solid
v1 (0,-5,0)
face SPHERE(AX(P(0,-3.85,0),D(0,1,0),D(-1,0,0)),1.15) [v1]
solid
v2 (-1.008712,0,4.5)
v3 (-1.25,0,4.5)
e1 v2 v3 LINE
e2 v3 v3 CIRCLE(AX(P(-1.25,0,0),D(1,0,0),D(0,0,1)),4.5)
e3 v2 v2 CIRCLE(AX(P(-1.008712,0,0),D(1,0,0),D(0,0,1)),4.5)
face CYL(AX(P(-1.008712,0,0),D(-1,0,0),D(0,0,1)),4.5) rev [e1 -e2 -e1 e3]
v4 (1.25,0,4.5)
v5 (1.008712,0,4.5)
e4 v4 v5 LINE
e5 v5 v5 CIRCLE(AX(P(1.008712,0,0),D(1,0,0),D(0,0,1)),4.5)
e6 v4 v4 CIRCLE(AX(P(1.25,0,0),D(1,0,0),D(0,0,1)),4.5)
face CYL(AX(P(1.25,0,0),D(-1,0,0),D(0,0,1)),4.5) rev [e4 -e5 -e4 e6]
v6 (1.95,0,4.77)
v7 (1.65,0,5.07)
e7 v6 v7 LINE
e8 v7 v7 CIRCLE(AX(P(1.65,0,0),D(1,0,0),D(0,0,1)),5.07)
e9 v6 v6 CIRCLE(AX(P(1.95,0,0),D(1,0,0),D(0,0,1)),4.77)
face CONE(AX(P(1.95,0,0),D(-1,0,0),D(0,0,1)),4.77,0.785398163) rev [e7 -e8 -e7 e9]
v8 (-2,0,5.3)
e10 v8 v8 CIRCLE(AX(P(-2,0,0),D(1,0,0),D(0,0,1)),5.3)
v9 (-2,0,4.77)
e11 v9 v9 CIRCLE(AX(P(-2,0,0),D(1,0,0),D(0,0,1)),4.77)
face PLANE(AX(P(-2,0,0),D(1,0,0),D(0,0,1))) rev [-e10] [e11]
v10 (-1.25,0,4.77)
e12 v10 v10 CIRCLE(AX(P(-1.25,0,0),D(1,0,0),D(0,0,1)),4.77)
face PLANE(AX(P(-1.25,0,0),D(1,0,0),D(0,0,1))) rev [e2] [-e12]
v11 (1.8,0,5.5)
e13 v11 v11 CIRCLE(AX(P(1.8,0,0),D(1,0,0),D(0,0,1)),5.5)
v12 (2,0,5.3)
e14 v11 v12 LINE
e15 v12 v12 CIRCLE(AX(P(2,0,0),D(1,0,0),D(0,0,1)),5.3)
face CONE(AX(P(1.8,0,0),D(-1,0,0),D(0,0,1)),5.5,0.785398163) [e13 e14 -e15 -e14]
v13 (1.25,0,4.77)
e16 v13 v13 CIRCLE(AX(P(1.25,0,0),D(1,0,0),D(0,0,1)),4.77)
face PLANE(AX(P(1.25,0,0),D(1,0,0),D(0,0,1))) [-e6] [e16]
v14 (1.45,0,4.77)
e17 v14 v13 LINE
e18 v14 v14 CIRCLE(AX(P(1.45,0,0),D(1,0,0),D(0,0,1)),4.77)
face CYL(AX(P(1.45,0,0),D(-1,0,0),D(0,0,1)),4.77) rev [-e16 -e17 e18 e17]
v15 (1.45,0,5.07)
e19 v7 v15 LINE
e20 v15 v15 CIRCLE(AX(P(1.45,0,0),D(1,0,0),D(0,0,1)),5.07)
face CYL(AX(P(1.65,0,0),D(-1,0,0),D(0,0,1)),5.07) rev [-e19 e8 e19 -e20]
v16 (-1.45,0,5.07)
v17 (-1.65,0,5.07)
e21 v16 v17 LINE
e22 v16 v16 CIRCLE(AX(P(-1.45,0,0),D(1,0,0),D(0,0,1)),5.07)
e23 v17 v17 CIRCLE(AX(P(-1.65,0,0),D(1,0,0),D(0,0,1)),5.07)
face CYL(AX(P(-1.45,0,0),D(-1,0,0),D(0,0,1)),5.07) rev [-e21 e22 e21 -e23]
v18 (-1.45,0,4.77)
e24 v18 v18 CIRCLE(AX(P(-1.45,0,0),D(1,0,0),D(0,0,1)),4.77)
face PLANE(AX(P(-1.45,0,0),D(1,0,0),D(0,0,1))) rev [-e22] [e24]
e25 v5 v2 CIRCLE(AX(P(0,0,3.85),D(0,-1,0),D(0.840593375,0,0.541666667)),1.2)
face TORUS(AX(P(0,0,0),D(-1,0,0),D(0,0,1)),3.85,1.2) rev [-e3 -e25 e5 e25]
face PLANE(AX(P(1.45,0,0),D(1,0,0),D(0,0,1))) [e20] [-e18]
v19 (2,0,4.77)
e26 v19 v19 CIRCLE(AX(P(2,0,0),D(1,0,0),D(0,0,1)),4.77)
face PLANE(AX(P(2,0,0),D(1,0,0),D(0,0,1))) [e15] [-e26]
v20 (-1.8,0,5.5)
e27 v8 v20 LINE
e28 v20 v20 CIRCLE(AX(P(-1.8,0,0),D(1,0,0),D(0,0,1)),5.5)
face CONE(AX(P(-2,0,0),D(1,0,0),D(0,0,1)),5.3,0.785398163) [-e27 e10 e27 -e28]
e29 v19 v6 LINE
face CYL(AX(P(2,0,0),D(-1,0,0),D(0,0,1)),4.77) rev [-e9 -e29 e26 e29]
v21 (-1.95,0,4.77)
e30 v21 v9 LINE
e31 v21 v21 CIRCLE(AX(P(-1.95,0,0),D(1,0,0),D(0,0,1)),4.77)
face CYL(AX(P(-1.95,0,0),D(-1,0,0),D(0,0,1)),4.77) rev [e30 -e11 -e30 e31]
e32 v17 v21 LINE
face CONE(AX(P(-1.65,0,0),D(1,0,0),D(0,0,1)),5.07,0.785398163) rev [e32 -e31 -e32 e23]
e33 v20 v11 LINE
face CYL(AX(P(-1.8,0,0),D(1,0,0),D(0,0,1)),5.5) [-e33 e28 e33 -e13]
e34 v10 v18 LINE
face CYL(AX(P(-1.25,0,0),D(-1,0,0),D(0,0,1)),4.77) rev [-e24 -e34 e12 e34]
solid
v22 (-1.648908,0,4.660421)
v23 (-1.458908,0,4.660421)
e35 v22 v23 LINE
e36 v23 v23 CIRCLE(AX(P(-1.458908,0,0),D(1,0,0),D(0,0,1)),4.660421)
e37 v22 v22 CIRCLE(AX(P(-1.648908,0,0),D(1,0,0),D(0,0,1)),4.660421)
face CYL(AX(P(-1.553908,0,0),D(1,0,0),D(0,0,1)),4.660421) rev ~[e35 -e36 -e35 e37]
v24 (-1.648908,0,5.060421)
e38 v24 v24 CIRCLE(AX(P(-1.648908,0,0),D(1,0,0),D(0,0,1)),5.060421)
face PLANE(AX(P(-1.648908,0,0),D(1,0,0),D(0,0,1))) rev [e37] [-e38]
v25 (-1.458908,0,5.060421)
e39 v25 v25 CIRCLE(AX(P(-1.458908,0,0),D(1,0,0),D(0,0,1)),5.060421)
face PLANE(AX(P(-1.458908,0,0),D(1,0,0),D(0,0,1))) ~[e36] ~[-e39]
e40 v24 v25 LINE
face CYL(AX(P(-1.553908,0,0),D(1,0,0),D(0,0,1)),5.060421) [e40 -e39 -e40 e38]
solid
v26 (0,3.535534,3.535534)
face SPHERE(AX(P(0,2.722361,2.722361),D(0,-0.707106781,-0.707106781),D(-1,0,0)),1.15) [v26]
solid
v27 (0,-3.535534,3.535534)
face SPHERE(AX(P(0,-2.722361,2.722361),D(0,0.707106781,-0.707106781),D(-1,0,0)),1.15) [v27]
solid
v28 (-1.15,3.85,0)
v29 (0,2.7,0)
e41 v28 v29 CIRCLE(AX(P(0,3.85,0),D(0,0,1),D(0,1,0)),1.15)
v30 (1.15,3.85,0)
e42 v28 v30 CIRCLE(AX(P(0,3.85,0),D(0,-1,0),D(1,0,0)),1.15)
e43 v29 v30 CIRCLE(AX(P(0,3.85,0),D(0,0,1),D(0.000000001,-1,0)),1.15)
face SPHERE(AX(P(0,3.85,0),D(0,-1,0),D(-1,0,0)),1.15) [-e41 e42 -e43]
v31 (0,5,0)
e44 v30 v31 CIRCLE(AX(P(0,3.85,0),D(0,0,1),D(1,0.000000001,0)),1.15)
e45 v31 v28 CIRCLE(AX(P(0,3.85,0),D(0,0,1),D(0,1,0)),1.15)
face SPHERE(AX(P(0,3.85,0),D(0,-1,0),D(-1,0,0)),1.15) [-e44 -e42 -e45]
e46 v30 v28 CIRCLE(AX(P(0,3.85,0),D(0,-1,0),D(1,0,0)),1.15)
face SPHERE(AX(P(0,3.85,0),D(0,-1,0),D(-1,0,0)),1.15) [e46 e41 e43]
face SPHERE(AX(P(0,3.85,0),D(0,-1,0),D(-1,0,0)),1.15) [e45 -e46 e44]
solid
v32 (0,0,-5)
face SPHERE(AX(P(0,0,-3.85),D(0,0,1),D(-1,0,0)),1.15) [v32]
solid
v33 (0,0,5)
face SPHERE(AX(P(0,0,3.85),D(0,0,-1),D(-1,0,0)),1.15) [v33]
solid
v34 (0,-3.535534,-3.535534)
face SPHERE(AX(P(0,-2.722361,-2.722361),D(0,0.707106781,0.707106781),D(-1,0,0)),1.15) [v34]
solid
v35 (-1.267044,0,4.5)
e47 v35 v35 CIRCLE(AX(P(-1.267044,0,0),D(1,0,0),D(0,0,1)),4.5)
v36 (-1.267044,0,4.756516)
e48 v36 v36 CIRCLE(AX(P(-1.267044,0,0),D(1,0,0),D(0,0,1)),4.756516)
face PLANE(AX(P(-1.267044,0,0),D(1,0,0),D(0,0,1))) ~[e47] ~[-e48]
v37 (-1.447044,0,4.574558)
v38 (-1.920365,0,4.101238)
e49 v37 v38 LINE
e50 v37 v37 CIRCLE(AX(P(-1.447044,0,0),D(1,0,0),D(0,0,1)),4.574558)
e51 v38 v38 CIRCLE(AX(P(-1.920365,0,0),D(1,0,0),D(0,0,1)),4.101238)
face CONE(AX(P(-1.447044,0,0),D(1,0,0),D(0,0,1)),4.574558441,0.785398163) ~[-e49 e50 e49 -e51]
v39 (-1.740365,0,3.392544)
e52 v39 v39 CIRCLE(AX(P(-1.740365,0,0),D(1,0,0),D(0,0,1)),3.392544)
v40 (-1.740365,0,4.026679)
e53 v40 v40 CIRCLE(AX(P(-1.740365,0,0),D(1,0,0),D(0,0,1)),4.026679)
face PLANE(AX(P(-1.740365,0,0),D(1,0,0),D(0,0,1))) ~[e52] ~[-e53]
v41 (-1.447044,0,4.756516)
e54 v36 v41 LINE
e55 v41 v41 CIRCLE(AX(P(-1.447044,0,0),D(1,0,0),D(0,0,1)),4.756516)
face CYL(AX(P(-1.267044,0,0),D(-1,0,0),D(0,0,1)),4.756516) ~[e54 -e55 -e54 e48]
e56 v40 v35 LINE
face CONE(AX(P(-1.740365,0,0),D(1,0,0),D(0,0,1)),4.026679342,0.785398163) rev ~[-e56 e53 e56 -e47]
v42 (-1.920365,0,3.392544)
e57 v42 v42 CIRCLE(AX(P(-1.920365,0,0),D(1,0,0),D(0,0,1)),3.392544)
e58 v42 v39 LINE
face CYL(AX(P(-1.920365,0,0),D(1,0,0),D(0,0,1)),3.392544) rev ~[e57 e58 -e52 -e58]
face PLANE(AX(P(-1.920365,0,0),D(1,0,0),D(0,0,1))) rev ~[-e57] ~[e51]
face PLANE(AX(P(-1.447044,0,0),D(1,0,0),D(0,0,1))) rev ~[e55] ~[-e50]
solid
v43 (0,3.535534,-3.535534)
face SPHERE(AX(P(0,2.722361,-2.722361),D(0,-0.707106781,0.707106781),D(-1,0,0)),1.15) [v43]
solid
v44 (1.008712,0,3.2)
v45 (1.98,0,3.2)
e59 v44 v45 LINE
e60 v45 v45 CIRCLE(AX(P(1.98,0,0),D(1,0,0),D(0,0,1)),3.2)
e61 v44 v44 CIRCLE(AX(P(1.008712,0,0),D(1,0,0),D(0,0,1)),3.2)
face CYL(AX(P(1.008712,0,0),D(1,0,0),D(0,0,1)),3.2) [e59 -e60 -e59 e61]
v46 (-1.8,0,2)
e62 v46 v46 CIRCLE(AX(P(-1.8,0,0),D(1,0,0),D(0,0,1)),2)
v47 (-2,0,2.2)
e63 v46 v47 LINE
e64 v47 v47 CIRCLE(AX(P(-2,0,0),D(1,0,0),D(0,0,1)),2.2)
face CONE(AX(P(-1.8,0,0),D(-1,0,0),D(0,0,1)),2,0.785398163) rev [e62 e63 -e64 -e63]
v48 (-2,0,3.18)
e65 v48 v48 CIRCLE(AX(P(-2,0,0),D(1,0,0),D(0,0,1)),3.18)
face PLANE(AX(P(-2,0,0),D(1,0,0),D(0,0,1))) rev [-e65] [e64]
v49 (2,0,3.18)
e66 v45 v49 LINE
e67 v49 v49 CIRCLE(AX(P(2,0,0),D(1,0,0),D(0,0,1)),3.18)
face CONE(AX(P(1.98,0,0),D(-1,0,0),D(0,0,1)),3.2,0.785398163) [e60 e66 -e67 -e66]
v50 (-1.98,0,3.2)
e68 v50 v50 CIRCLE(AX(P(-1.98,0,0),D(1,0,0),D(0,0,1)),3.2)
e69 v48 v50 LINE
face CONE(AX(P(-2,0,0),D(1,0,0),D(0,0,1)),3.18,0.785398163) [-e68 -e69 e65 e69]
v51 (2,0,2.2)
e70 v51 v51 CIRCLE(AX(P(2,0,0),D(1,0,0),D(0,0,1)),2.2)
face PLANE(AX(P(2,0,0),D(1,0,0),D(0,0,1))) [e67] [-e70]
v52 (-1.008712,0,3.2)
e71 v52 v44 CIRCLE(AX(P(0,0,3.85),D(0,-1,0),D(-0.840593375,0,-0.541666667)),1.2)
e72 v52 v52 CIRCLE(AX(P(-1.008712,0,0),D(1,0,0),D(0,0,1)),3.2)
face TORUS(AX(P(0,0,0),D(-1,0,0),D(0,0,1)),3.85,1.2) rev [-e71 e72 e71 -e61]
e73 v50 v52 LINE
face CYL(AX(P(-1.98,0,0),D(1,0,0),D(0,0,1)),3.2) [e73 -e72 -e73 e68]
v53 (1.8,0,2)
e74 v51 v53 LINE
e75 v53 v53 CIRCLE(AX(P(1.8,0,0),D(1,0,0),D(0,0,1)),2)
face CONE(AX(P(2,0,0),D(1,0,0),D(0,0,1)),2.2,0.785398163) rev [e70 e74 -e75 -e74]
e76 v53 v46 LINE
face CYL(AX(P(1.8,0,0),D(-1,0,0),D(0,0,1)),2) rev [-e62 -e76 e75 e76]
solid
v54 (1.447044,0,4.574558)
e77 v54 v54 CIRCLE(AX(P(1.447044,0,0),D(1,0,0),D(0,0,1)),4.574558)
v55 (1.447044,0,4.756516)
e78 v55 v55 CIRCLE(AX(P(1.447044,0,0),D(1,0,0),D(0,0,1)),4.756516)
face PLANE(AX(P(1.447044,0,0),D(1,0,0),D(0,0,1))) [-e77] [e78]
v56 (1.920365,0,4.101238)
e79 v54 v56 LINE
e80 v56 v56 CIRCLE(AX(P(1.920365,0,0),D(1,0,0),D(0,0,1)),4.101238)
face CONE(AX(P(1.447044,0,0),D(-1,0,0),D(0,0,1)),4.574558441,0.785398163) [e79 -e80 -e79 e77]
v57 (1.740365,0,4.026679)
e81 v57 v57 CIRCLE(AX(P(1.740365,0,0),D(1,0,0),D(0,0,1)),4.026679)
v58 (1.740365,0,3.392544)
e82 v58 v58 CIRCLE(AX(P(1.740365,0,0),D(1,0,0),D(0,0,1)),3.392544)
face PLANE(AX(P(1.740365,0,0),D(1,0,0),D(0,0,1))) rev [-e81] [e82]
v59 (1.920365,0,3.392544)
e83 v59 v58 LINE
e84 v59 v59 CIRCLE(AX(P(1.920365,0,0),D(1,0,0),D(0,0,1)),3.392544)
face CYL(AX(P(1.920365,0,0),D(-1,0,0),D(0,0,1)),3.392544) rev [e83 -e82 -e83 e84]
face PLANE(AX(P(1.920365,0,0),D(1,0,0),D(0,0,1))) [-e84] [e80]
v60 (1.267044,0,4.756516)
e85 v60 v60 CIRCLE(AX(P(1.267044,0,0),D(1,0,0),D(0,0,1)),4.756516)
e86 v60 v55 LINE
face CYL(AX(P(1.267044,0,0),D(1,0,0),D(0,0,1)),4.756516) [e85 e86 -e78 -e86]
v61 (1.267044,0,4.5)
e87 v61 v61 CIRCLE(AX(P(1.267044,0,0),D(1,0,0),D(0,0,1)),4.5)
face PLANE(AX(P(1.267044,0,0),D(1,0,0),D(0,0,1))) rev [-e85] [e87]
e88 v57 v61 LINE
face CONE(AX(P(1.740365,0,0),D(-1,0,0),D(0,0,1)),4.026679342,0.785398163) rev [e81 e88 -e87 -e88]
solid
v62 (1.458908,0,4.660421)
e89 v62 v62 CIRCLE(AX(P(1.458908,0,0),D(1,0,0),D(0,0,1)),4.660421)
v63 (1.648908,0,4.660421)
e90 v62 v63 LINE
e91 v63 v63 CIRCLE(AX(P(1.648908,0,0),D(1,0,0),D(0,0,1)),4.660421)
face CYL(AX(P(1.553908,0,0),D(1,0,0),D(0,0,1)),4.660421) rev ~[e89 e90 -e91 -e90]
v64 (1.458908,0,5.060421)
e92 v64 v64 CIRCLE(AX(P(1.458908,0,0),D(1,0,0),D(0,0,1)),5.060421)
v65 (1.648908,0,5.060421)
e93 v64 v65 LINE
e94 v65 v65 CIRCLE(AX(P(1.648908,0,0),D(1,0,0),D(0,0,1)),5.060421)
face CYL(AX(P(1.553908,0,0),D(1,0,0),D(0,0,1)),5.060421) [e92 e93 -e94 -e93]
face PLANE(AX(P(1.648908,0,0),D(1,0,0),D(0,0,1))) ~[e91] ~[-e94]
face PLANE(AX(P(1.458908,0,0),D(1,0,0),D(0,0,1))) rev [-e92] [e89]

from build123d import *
from build123d.topology import SkipClean

# Parameters (mm, degrees)
SKETCH1_4_W       = 0.19
SKETCH1_4_H       = 0.4
CIRPATTERN2_COUNT = 8


with BuildPart() as part:
    # Sketch1 → Revolve1 (revolve)
    with BuildSketch(Plane.XY, mode=Mode.PRIVATE) as revolve1_sk:
        with BuildLine():
            ThreePointArc((1.00871205, 4.5), (0, 5.05), (-1.00871205, 4.5))
            Line((-1.00871205, 4.5), (-1.25, 4.5))
            Line((-1.25, 4.5), (-1.25, 4.77))
            Line((-1.25, 4.77), (-1.45, 4.77))
            Line((-1.45, 4.77), (-1.45, 5.07))
            Line((-1.45, 5.07), (-1.65, 5.07))
            Line((-1.65, 5.07), (-1.95, 4.77))
            Line((-1.95, 4.77), (-2, 4.77))
            Line((-2, 4.77), (-2, 5.3))
            Line((-2, 5.3), (-1.8, 5.5))
            Line((-1.8, 5.5), (1.8, 5.5))
            Line((1.8, 5.5), (2, 5.3))
            Line((2, 5.3), (2, 4.77))
            Line((2, 4.77), (1.95, 4.77))
            Line((1.95, 4.77), (1.65, 5.07))
            Line((1.65, 5.07), (1.45, 5.07))
            Line((1.45, 5.07), (1.45, 4.77))
            Line((1.45, 4.77), (1.25, 4.77))
            Line((1.25, 4.77), (1.25, 4.5))
            Line((1.25, 4.5), (1.00871205, 4.5))
        make_face()
        with BuildLine():
            ThreePointArc((-1.00871205, 3.2), (0, 2.65), (1.00871205, 3.2))
            Line((1.00871205, 3.2), (1.98, 3.2))
            Line((1.98, 3.2), (2, 3.18))
            Line((2, 3.18), (2, 2.2))
            Line((2, 2.2), (1.8, 2))
            Line((1.8, 2), (-1.8, 2))
            Line((-1.8, 2), (-2, 2.2))
            Line((-2, 2.2), (-2, 3.18))
            Line((-2, 3.18), (-1.98, 3.2))
            Line((-1.98, 3.2), (-1.00871205, 3.2))
        make_face()
    revolve(revolve1_sk.sketch.rotate(Axis((0, 0, 0), (1, 0, 0)), 90), axis=Axis((0, 0, 0), (1, 0, 0)))


with BuildPart() as body_2:
    # Sketch1<3> → Revolve2 (revolve)
    with BuildSketch(Plane.XY, mode=Mode.PRIVATE) as revolve2_sk:
        Polygon((1.92036514, 4.101237783), (1.92036514, 3.392543849), (1.74036514, 3.392543849), (1.74036514, 4.026679342), (1.267044482, 4.5), (1.267044482, 4.756515811), (1.447044482, 4.756515811), (1.447044482, 4.574558441), align=None)
        Polygon((-1.267044482, 4.5), (-1.267044482, 4.756515811), (-1.447044482, 4.756515811), (-1.447044482, 4.574558441), (-1.92036514, 4.101237783), (-1.92036514, 3.392543849), (-1.74036514, 3.392543849), (-1.74036514, 4.026679342), align=None)
    revolve(revolve2_sk.sketch.rotate(Axis((0, 0, 0), (1, 0, 0)), 90), axis=Axis((0, 0, 0), (1, 0, 0)))


with BuildPart() as body_3:
    # Sketch1<4> → Revolve3 (revolve)
    with BuildSketch(Plane.XY, mode=Mode.PRIVATE) as revolve3_sk:
        with Locations((1.553908134, 4.860421419)):
            Rectangle(SKETCH1_4_W, SKETCH1_4_H)
        with Locations((-1.553908134, 4.860421419)):
            Rectangle(SKETCH1_4_W, SKETCH1_4_H)
    revolve(revolve3_sk.sketch.rotate(Axis((0, 0, 0), (1, 0, 0)), 90), axis=Axis((0, 0, 0), (1, 0, 0)))


with BuildPart() as body_4:
    # Sketch1<5> → Revolve4 (revolve)
    with SkipClean():  # the faces are left unmerged after this step: merging them gives an invalid solid
        with BuildSketch(Plane.XY):
            with BuildLine():
                ThreePointArc((1.15, 3.85), (0.813172798, 4.663172798), (0, 5))
                Line((0, 5), (0, 2.7))
                ThreePointArc((0, 2.7), (0.813172798, 3.036827202), (1.15, 3.85))
            make_face()
            with BuildLine():
                Line((0, 2.7), (0, 5))
                ThreePointArc((0, 5), (-1.15, 3.85), (0, 2.7))
            make_face()
        revolve(axis=Axis((0, 5, 0), (0, -1, 0)))


with BuildPart() as cirpattern2_1:
    # CirPattern2: pattern copy
    add(body_4.part.rotate(Axis((0, 0, 0), (1, 0, 0)), 1 * 360 / CIRPATTERN2_COUNT))


with BuildPart() as cirpattern2_2:
    # CirPattern2: pattern copy
    add(body_4.part.rotate(Axis((0, 0, 0), (1, 0, 0)), 2 * 360 / CIRPATTERN2_COUNT))


with BuildPart() as cirpattern2_3:
    # CirPattern2: pattern copy
    add(body_4.part.rotate(Axis((0, 0, 0), (1, 0, 0)), 3 * 360 / CIRPATTERN2_COUNT))


with BuildPart() as cirpattern2_4:
    # CirPattern2: pattern copy
    add(body_4.part.rotate(Axis((0, 0, 0), (1, 0, 0)), 4 * 360 / CIRPATTERN2_COUNT))


with BuildPart() as cirpattern2_5:
    # CirPattern2: pattern copy
    add(body_4.part.rotate(Axis((0, 0, 0), (1, 0, 0)), 5 * 360 / CIRPATTERN2_COUNT))


with BuildPart() as cirpattern2_6:
    # CirPattern2: pattern copy
    add(body_4.part.rotate(Axis((0, 0, 0), (1, 0, 0)), 6 * 360 / CIRPATTERN2_COUNT))


with BuildPart() as cirpattern2_7:
    # CirPattern2: pattern copy
    add(body_4.part.rotate(Axis((0, 0, 0), (1, 0, 0)), 7 * 360 / CIRPATTERN2_COUNT))


solid = Compound([part.part, body_2.part, body_3.part, body_4.part, cirpattern2_1.part, cirpattern2_2.part, cirpattern2_3.part, cirpattern2_4.part, cirpattern2_5.part, cirpattern2_6.part, cirpattern2_7.part])
